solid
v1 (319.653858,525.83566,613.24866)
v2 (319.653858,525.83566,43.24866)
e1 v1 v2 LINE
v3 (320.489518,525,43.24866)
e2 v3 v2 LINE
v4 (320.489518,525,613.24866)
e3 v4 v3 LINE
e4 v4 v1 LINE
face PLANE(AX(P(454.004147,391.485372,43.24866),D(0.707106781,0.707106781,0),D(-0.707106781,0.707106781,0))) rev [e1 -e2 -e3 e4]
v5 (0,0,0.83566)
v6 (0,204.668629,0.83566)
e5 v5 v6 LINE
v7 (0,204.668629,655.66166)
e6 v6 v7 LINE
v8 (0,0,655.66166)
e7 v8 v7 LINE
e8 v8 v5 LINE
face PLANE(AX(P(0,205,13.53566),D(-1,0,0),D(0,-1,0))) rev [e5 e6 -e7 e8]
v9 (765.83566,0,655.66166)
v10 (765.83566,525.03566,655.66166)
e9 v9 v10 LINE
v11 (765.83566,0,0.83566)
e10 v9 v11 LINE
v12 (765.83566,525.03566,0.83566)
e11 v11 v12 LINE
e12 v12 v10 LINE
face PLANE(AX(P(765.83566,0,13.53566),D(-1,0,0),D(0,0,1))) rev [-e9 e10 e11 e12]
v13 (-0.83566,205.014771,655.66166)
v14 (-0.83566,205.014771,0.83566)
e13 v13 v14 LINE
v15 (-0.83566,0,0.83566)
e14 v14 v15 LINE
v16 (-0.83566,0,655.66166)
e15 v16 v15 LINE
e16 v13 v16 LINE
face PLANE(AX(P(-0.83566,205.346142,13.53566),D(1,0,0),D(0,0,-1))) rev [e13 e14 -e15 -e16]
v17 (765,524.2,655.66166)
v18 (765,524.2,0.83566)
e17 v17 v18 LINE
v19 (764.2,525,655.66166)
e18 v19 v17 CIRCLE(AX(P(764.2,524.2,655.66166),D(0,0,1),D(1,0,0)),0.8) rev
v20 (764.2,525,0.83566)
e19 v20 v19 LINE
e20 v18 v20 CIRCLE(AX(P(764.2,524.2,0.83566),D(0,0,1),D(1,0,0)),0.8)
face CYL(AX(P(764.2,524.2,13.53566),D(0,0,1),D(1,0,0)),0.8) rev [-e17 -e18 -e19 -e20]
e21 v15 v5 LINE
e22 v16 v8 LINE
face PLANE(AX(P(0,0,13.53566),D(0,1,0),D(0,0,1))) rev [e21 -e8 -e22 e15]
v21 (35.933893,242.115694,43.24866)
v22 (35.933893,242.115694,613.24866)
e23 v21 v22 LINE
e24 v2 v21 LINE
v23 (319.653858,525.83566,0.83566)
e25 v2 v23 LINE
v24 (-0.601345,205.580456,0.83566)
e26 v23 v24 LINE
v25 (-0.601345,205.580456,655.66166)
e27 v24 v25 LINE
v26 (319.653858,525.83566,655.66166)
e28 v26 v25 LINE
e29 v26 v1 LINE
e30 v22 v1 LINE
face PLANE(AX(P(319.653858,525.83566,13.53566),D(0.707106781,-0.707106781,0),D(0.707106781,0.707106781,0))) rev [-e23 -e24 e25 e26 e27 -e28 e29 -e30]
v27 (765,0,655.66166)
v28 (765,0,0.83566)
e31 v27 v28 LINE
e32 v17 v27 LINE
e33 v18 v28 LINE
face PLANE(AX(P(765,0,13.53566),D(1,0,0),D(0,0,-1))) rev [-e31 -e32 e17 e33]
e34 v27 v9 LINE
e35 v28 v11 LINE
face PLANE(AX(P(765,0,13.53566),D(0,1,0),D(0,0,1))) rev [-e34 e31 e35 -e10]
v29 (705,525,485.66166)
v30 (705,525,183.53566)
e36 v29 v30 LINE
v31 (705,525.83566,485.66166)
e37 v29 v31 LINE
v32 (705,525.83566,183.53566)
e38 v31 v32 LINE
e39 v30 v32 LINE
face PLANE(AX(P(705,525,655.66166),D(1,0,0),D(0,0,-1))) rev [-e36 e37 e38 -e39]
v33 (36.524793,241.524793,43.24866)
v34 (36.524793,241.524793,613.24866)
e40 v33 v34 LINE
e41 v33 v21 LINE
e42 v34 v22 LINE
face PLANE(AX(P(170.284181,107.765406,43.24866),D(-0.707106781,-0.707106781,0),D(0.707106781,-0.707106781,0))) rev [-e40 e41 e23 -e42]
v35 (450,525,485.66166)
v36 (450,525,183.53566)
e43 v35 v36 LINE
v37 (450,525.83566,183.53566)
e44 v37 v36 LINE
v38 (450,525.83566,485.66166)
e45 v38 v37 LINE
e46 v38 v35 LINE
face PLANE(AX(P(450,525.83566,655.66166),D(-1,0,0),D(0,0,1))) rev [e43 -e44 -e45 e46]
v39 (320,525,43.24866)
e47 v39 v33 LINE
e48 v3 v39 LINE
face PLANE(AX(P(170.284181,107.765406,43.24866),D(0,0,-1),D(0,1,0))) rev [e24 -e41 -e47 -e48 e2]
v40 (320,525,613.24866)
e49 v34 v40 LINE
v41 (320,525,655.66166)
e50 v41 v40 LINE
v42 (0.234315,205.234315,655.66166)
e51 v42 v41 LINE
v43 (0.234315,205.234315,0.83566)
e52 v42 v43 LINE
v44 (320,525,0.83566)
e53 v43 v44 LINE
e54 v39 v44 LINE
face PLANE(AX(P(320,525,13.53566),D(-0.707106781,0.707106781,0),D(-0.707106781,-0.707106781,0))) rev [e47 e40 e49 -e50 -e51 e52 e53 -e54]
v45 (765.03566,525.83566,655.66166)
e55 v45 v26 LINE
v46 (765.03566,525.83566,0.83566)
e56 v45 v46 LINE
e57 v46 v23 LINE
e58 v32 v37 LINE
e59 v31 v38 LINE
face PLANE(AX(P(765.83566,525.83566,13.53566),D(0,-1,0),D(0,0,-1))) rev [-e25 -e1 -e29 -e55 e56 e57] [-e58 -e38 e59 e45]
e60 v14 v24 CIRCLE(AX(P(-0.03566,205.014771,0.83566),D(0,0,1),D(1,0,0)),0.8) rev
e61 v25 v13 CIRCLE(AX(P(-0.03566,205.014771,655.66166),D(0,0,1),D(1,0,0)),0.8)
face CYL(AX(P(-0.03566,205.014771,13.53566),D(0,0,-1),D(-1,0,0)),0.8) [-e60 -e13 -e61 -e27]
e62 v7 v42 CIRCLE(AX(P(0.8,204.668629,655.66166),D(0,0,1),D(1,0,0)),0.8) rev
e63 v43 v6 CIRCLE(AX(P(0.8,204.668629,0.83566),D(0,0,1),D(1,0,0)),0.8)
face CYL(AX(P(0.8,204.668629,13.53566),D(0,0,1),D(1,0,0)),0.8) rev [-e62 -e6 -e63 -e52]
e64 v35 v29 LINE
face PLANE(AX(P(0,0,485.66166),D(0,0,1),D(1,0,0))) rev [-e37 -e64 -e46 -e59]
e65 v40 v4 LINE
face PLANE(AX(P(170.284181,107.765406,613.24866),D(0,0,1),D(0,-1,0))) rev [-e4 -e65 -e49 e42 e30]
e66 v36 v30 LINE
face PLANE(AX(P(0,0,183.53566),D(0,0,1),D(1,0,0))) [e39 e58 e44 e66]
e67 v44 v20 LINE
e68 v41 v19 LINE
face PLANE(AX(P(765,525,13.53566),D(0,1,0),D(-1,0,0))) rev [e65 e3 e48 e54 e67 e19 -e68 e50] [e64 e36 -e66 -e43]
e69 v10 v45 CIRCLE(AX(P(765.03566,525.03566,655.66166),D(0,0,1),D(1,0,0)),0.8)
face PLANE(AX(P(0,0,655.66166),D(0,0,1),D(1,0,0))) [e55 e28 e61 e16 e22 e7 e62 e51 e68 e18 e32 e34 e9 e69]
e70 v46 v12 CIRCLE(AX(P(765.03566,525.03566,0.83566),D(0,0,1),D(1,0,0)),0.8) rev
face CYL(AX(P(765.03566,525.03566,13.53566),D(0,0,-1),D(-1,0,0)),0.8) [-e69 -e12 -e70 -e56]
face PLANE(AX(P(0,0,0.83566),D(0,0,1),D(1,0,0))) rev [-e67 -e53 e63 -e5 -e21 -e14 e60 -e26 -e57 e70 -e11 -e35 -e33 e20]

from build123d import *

# Parameters (mm, degrees)
SALIENTE_EXTRUIR1_DEPTH    = 0.83566
SALIENTE_EXTRUIR2_DEPTH    = 12.7
SALIENTE_EXTRUIR3_DEPTH    = 642.126
CROQUIS4_W                 = 255
CROQUIS4_H                 = 0.83566
SALIENTE_EXTRUIR4_DEPTH    = 170
CROQUIS5_W                 = 255
CROQUIS5_H                 = 0.83566
SALIENTE_EXTRUIR5_DEPTH    = 170
CROQUIS6_W                 = 570
CROQUIS6_H                 = 401.24062337
CORTAR_EXTRUIR1_DEPTH      = 190
CORTAR_EXTRUIR2_DEPTH      = 198
CORTAR_EXTRUIR2_DEPTH_BACK = 174
REDONDEO3_R                = 0.8


with BuildPart() as part:
    # Croquis1 → Saliente-Extruir1 (new body)
    with BuildSketch(Plane.XY):
        Polygon((0, 0), (765, 0), (765, 525), (320, 525), (0, 205), align=None)
    extrude(amount=SALIENTE_EXTRUIR1_DEPTH)

    # Croquis7 → Cortar-Extruir2 (cut, two sides: drawn at the far end of the back side and taken through both)
    with BuildSketch(Plane.XY.offset(0.83566).offset(-CORTAR_EXTRUIR2_DEPTH_BACK)):
        Polygon((0, 0), (765, 0), (765, 525), (320, 525), (0, 205), align=None)
    extrude(amount=CORTAR_EXTRUIR2_DEPTH + CORTAR_EXTRUIR2_DEPTH_BACK, mode=Mode.SUBTRACT)


with BuildPart() as body_2:
    # Croquis2 → Saliente-Extruir2 (new body)
    with BuildSketch(Plane.XY.offset(0.83566)):
        Polygon((765.83566, 525.83566), (319.653858294, 525.83566), (-0.83566, 205.346141706), (-0.83566, 0), (0, 0), (0, 205), (320, 525), (765, 525), (765, 0), (765.83566, 0), align=None)
    extrude(amount=SALIENTE_EXTRUIR2_DEPTH)

    # Croquis3 → Saliente-Extruir3 (add)
    with BuildSketch(Plane.XY.offset(13.53566)):
        Polygon((450, 525.83566), (450, 525), (320, 525), (0, 205), (0, 0), (-0.83566, 0), (-0.83566, 205.346141706), (319.653858294, 525.83566), align=None)
        Polygon((765.83566, 0), (765.83566, 525.83566), (705, 525.83566), (705, 525), (765, 525), (765, 0), align=None)
    extrude(amount=SALIENTE_EXTRUIR3_DEPTH)

    # Croquis4 → Saliente-Extruir4 (add)
    with BuildSketch(Plane.XY.offset(13.53566)):
        with Locations((577.5, 525.41783)):
            Rectangle(CROQUIS4_W, CROQUIS4_H)
    extrude(amount=SALIENTE_EXTRUIR4_DEPTH)

    # Croquis5 → Saliente-Extruir5 (add)
    with BuildSketch(Plane.XY.offset(655.66166)):
        with Locations((577.5, 525.41783)):
            Rectangle(CROQUIS5_W, CROQUIS5_H)
    extrude(amount=-SALIENTE_EXTRUIR5_DEPTH)

    # Croquis6 → Cortar-Extruir1 (cut)
    with BuildSketch(Plane(origin=(-103.090900853, 103.090900853, 0), x_dir=(0, 0, 1), z_dir=(-0.7071067811865477, 0.7071067811865475, 0))):
        with Locations((328.24866, 397.231060123)):
            Rectangle(CROQUIS6_W, CROQUIS6_H)
    extrude(amount=-CORTAR_EXTRUIR1_DEPTH, mode=Mode.SUBTRACT)

    # Redondeo3
    redondeo3_edges = [body_2.edges().sort_by_distance(p)[0] for p in [
        (0, 205, 328.24866),
        (-0.83566, 205.346141706, 328.24866),
        (765.83566, 525.83566, 328.24866),
        (765, 525, 328.24866),
    ]]
    fillet(redondeo3_edges, radius=REDONDEO3_R)


solid = body_2.part
